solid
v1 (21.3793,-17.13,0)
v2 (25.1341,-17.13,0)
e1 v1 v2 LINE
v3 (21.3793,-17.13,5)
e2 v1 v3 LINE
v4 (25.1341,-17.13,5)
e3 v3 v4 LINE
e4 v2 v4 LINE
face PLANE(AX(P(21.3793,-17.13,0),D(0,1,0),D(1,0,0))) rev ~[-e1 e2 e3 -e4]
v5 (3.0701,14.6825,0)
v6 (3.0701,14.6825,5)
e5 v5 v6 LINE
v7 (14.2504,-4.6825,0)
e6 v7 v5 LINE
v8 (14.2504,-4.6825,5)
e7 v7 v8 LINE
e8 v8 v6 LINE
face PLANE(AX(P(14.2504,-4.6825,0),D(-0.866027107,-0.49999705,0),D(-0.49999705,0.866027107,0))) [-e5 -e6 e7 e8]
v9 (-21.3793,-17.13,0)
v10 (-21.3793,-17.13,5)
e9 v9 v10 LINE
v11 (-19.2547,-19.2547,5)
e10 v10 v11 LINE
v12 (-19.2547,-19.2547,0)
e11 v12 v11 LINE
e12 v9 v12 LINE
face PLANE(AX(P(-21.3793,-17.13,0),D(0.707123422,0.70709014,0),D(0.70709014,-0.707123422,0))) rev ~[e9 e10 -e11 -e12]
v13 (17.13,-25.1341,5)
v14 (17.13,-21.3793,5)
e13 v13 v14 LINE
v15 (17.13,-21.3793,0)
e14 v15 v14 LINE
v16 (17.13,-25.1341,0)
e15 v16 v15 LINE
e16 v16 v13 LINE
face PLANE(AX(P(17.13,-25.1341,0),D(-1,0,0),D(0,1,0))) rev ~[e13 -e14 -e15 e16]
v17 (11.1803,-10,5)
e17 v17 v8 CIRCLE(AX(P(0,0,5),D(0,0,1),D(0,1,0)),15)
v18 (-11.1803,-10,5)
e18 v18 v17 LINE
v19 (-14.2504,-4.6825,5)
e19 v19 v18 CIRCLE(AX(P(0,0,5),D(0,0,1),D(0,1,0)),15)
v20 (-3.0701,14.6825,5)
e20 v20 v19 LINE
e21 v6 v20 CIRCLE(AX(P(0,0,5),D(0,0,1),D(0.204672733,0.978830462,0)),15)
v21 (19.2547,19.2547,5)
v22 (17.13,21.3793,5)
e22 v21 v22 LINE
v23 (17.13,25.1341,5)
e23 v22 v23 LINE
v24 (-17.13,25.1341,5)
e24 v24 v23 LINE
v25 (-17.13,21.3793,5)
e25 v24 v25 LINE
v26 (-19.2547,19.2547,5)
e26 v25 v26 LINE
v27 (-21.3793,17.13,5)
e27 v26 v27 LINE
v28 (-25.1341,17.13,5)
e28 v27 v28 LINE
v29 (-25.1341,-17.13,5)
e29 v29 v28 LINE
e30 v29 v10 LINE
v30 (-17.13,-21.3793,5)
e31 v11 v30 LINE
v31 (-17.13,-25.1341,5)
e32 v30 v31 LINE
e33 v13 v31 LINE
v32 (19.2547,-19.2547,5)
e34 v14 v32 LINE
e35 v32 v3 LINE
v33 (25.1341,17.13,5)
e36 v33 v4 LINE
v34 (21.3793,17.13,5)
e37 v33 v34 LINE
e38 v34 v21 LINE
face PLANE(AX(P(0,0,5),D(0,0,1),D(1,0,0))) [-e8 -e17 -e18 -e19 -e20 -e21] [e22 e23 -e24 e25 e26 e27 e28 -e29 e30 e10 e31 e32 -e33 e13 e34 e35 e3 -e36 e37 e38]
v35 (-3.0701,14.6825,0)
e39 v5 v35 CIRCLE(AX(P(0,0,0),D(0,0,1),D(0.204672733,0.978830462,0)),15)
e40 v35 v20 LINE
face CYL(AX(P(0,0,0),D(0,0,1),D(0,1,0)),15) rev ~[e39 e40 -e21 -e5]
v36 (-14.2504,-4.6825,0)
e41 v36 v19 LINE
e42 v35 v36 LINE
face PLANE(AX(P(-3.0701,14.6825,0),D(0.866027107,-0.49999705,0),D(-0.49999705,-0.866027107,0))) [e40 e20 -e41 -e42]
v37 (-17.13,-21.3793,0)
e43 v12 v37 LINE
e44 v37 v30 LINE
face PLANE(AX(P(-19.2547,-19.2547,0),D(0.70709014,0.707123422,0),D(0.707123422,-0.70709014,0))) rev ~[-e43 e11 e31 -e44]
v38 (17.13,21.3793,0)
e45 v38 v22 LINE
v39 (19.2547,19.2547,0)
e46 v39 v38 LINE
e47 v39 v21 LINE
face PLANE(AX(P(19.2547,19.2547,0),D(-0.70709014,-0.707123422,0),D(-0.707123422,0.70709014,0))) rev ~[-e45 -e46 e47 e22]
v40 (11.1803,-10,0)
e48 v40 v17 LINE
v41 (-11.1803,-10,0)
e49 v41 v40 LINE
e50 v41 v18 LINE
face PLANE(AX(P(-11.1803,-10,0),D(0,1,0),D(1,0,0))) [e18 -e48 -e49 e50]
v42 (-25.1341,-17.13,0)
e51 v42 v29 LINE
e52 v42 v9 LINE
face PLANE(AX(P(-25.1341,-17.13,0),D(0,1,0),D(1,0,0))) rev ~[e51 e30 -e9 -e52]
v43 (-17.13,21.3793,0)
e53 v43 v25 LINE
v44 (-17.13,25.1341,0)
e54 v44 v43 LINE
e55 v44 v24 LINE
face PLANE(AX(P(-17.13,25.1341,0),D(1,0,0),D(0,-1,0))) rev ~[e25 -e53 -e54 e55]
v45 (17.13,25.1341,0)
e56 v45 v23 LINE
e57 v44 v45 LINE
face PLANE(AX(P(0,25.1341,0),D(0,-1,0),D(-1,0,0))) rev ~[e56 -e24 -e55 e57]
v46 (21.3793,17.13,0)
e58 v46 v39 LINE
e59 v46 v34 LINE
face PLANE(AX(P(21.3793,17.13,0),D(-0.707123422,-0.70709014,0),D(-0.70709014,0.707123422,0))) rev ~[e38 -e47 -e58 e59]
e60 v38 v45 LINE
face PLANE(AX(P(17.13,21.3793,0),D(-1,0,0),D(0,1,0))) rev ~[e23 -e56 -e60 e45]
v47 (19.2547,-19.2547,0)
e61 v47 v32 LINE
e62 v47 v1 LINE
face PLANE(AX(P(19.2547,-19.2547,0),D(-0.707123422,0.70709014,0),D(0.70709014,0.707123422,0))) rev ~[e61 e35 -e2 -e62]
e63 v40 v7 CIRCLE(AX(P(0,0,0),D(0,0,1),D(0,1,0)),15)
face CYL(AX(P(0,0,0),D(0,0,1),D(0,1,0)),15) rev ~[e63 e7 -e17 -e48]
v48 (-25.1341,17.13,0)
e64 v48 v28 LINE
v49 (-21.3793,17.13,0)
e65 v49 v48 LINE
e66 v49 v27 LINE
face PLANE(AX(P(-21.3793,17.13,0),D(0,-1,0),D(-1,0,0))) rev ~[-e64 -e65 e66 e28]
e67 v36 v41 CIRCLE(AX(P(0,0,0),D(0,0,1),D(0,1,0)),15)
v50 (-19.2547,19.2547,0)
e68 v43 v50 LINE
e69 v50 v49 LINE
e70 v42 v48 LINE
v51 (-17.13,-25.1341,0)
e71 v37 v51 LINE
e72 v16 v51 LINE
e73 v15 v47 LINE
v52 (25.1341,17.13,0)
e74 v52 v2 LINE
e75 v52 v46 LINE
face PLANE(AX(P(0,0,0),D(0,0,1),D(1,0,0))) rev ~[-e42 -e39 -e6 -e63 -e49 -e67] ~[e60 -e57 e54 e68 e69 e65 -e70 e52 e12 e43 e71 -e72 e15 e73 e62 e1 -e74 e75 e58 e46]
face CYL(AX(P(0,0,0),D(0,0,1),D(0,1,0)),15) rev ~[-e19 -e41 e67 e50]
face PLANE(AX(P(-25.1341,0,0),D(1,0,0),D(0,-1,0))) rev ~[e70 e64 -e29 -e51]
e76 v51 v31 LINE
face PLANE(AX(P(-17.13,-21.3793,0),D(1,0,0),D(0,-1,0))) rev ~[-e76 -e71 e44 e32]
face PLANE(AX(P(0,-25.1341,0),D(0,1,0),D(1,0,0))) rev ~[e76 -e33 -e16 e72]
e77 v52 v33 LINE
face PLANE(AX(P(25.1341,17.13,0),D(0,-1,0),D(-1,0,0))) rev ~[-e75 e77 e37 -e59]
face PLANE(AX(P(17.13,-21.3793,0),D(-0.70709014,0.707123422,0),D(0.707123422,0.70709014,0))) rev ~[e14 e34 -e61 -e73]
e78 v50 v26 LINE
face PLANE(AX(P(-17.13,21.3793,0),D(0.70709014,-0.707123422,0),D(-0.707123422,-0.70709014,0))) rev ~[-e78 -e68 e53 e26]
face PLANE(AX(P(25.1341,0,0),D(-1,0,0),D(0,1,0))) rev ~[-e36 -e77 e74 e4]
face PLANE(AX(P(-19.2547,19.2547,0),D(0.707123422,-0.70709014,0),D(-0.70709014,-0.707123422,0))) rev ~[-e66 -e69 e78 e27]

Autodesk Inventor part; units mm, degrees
ref_plane "YZ Plane" through (0, 0, 0) normal (1, 0, 0) x (0, 1, 0)
ref_plane "XZ Plane" through (0, 0, 0) normal (0, 1, 0) x (-1, 0, 0)
ref_plane "XY Plane" through (0, 0, 0) normal (0, 0, 1) x (1, 0, 0)
sketch "Sketch1" plane through (0, 0, 0) normal (0, 0, 1) x (1, 0, 0)
  line L0 (-39.2988, 0) -> (59.8542, 0) construction
  line L1 (0, -36.6223) -> (0, 43.7956) construction
  line L2 (0, 0) -> (32.3074, 32.3074) construction
  line L3 (0, 0) -> (45.6895, 0) construction
  line L4 (0, 24.9041) -> (16.9, 24.9041)
  line L5 (16.9, 24.9041) -> (16.9, 21.2841)
  line L6 (16.9, 21.2841) -> (19.092, 19.092)
  line L7 (24.9041, 0) -> (24.9041, 16.9)
  line L8 (24.9041, 16.9) -> (21.2841, 16.9)
  line L9 (21.2841, 16.9) -> (19.092, 19.092)
  line L10 (0, 24.9041) -> (-16.9, 24.9041)
  line L11 (-16.9, 24.9041) -> (-16.9, 21.2841)
  line L12 (-16.9, 21.2841) -> (-19.092, 19.092)
  line L13 (-24.9041, 0) -> (-24.9041, 16.9)
  line L14 (-24.9041, 16.9) -> (-21.2841, 16.9)
  line L15 (-21.2841, 16.9) -> (-19.092, 19.092)
  line L16 (0, -24.9041) -> (16.9, -24.9041)
  line L17 (16.9, -24.9041) -> (16.9, -21.2841)
  line L18 (16.9, -21.2841) -> (19.092, -19.092)
  line L19 (24.9041, 0) -> (24.9041, -16.9)
  line L20 (24.9041, -16.9) -> (21.2841, -16.9)
  line L21 (21.2841, -16.9) -> (19.092, -19.092)
  line L22 (0, -24.9041) -> (-16.9, -24.9041)
  line L23 (-16.9, -24.9041) -> (-16.9, -21.2841)
  line L24 (-16.9, -21.2841) -> (-19.092, -19.092)
  line L25 (-24.9041, 0) -> (-24.9041, -16.9)
  line L26 (-24.9041, -16.9) -> (-21.2841, -16.9)
  line L27 (-21.2841, -16.9) -> (-19.092, -19.092)
  line L28 (17.13, 25.1341) -> (0, 25.1341)
  line L29 (0, 25.1341) -> (-17.13, 25.1341)
  line L30 (-17.13, 25.1341) -> (-17.13, 21.3793)
  line L31 (-17.13, 21.3793) -> (-19.2547, 19.2547)
  line L32 (-19.2547, 19.2547) -> (-21.3793, 17.13)
  line L33 (-21.3793, 17.13) -> (-25.1341, 17.13)
  line L34 (-25.1341, 17.13) -> (-25.1341, 0)
  line L35 (-25.1341, 0) -> (-25.1341, -17.13)
  line L36 (-25.1341, -17.13) -> (-21.3793, -17.13)
  line L37 (-21.3793, -17.13) -> (-19.2547, -19.2547)
  line L38 (-19.2547, -19.2547) -> (-17.13, -21.3793)
  line L39 (-17.13, -21.3793) -> (-17.13, -25.1341)
  line L40 (-17.13, -25.1341) -> (0, -25.1341)
  line L41 (0, -25.1341) -> (17.13, -25.1341)
  line L42 (17.13, -25.1341) -> (17.13, -21.3793)
  line L43 (17.13, -21.3793) -> (19.2547, -19.2547)
  line L44 (19.2547, -19.2547) -> (21.3793, -17.13)
  line L45 (21.3793, -17.13) -> (25.1341, -17.13)
  line L46 (25.1341, -17.13) -> (25.1341, 0)
  line L47 (25.1341, 0) -> (25.1341, 17.13)
  line L48 (25.1341, 17.13) -> (21.3793, 17.13)
  line L49 (21.3793, 17.13) -> (19.2547, 19.2547)
  line L50 (19.2547, 19.2547) -> (17.13, 21.3793)
  line L51 (17.13, 21.3793) -> (17.13, 25.1341)
  dimension "d27" = 45
  dimension "d28" = 16.9
  dimension "d29" = 3.62
  dimension "d30" = 3.1
  dimension "d31" = 0.23
extrude "Extrusion1" add sketch "Sketch1" along normal blind 5 contours L4 L5 L6 L9 L8 L7 L19 L20 L21 L18 L17 L16 L22 L23 L24 L27 L26 L25 L13 L14 L15 L12 L11 L10 | L51 L50 L49 L48 L47 L46 L45 L44 L43 L42 L41 L40 L39 L38 L37 L36 L35 L34 L33 L32 L31 L30 L29 L28
hole "Hole1" at (0, 0, 0) direction (0, 0, 1) diameter 30 end through all
sketch "Sketch2" plane through (0, 0, 0) normal (0, 0, -1) x (-1, 0, 0)
  circle A0 centre (0, 0) radius 15 projected
  line L0 (3.0701, 14.6825) -> (14.2504, -4.6825)
  line L1 (11.1803, -10) -> (-11.1803, -10)
  line L2 (-14.2504, -4.6825) -> (-3.0701, 14.6825)
  circle A1 centre (0, 0) radius 10 construction
  circle A2 centre (0, 0) radius 15 construction
  circle A3 centre (0, 0) radius 15 construction
  arc A4 (14.2504, -4.6825) -> (3.0701, 14.6825) centre (0, 0) ccw
  arc A5 (-11.1803, -10) -> (11.1803, -10) centre (0, 0) ccw
  arc A6 (-3.0701, 14.6825) -> (-14.2504, -4.6825) centre (0, 0) ccw
  dimension "d22" = 20
extrude "Extrusion2" add sketch "Sketch2" against normal up to surface (5 mm away) contours A0 L0 | L2 A0 | A0 L1
equation "\"Lens_diameter\" = 25"
properties part number "LC_objective_holder"
